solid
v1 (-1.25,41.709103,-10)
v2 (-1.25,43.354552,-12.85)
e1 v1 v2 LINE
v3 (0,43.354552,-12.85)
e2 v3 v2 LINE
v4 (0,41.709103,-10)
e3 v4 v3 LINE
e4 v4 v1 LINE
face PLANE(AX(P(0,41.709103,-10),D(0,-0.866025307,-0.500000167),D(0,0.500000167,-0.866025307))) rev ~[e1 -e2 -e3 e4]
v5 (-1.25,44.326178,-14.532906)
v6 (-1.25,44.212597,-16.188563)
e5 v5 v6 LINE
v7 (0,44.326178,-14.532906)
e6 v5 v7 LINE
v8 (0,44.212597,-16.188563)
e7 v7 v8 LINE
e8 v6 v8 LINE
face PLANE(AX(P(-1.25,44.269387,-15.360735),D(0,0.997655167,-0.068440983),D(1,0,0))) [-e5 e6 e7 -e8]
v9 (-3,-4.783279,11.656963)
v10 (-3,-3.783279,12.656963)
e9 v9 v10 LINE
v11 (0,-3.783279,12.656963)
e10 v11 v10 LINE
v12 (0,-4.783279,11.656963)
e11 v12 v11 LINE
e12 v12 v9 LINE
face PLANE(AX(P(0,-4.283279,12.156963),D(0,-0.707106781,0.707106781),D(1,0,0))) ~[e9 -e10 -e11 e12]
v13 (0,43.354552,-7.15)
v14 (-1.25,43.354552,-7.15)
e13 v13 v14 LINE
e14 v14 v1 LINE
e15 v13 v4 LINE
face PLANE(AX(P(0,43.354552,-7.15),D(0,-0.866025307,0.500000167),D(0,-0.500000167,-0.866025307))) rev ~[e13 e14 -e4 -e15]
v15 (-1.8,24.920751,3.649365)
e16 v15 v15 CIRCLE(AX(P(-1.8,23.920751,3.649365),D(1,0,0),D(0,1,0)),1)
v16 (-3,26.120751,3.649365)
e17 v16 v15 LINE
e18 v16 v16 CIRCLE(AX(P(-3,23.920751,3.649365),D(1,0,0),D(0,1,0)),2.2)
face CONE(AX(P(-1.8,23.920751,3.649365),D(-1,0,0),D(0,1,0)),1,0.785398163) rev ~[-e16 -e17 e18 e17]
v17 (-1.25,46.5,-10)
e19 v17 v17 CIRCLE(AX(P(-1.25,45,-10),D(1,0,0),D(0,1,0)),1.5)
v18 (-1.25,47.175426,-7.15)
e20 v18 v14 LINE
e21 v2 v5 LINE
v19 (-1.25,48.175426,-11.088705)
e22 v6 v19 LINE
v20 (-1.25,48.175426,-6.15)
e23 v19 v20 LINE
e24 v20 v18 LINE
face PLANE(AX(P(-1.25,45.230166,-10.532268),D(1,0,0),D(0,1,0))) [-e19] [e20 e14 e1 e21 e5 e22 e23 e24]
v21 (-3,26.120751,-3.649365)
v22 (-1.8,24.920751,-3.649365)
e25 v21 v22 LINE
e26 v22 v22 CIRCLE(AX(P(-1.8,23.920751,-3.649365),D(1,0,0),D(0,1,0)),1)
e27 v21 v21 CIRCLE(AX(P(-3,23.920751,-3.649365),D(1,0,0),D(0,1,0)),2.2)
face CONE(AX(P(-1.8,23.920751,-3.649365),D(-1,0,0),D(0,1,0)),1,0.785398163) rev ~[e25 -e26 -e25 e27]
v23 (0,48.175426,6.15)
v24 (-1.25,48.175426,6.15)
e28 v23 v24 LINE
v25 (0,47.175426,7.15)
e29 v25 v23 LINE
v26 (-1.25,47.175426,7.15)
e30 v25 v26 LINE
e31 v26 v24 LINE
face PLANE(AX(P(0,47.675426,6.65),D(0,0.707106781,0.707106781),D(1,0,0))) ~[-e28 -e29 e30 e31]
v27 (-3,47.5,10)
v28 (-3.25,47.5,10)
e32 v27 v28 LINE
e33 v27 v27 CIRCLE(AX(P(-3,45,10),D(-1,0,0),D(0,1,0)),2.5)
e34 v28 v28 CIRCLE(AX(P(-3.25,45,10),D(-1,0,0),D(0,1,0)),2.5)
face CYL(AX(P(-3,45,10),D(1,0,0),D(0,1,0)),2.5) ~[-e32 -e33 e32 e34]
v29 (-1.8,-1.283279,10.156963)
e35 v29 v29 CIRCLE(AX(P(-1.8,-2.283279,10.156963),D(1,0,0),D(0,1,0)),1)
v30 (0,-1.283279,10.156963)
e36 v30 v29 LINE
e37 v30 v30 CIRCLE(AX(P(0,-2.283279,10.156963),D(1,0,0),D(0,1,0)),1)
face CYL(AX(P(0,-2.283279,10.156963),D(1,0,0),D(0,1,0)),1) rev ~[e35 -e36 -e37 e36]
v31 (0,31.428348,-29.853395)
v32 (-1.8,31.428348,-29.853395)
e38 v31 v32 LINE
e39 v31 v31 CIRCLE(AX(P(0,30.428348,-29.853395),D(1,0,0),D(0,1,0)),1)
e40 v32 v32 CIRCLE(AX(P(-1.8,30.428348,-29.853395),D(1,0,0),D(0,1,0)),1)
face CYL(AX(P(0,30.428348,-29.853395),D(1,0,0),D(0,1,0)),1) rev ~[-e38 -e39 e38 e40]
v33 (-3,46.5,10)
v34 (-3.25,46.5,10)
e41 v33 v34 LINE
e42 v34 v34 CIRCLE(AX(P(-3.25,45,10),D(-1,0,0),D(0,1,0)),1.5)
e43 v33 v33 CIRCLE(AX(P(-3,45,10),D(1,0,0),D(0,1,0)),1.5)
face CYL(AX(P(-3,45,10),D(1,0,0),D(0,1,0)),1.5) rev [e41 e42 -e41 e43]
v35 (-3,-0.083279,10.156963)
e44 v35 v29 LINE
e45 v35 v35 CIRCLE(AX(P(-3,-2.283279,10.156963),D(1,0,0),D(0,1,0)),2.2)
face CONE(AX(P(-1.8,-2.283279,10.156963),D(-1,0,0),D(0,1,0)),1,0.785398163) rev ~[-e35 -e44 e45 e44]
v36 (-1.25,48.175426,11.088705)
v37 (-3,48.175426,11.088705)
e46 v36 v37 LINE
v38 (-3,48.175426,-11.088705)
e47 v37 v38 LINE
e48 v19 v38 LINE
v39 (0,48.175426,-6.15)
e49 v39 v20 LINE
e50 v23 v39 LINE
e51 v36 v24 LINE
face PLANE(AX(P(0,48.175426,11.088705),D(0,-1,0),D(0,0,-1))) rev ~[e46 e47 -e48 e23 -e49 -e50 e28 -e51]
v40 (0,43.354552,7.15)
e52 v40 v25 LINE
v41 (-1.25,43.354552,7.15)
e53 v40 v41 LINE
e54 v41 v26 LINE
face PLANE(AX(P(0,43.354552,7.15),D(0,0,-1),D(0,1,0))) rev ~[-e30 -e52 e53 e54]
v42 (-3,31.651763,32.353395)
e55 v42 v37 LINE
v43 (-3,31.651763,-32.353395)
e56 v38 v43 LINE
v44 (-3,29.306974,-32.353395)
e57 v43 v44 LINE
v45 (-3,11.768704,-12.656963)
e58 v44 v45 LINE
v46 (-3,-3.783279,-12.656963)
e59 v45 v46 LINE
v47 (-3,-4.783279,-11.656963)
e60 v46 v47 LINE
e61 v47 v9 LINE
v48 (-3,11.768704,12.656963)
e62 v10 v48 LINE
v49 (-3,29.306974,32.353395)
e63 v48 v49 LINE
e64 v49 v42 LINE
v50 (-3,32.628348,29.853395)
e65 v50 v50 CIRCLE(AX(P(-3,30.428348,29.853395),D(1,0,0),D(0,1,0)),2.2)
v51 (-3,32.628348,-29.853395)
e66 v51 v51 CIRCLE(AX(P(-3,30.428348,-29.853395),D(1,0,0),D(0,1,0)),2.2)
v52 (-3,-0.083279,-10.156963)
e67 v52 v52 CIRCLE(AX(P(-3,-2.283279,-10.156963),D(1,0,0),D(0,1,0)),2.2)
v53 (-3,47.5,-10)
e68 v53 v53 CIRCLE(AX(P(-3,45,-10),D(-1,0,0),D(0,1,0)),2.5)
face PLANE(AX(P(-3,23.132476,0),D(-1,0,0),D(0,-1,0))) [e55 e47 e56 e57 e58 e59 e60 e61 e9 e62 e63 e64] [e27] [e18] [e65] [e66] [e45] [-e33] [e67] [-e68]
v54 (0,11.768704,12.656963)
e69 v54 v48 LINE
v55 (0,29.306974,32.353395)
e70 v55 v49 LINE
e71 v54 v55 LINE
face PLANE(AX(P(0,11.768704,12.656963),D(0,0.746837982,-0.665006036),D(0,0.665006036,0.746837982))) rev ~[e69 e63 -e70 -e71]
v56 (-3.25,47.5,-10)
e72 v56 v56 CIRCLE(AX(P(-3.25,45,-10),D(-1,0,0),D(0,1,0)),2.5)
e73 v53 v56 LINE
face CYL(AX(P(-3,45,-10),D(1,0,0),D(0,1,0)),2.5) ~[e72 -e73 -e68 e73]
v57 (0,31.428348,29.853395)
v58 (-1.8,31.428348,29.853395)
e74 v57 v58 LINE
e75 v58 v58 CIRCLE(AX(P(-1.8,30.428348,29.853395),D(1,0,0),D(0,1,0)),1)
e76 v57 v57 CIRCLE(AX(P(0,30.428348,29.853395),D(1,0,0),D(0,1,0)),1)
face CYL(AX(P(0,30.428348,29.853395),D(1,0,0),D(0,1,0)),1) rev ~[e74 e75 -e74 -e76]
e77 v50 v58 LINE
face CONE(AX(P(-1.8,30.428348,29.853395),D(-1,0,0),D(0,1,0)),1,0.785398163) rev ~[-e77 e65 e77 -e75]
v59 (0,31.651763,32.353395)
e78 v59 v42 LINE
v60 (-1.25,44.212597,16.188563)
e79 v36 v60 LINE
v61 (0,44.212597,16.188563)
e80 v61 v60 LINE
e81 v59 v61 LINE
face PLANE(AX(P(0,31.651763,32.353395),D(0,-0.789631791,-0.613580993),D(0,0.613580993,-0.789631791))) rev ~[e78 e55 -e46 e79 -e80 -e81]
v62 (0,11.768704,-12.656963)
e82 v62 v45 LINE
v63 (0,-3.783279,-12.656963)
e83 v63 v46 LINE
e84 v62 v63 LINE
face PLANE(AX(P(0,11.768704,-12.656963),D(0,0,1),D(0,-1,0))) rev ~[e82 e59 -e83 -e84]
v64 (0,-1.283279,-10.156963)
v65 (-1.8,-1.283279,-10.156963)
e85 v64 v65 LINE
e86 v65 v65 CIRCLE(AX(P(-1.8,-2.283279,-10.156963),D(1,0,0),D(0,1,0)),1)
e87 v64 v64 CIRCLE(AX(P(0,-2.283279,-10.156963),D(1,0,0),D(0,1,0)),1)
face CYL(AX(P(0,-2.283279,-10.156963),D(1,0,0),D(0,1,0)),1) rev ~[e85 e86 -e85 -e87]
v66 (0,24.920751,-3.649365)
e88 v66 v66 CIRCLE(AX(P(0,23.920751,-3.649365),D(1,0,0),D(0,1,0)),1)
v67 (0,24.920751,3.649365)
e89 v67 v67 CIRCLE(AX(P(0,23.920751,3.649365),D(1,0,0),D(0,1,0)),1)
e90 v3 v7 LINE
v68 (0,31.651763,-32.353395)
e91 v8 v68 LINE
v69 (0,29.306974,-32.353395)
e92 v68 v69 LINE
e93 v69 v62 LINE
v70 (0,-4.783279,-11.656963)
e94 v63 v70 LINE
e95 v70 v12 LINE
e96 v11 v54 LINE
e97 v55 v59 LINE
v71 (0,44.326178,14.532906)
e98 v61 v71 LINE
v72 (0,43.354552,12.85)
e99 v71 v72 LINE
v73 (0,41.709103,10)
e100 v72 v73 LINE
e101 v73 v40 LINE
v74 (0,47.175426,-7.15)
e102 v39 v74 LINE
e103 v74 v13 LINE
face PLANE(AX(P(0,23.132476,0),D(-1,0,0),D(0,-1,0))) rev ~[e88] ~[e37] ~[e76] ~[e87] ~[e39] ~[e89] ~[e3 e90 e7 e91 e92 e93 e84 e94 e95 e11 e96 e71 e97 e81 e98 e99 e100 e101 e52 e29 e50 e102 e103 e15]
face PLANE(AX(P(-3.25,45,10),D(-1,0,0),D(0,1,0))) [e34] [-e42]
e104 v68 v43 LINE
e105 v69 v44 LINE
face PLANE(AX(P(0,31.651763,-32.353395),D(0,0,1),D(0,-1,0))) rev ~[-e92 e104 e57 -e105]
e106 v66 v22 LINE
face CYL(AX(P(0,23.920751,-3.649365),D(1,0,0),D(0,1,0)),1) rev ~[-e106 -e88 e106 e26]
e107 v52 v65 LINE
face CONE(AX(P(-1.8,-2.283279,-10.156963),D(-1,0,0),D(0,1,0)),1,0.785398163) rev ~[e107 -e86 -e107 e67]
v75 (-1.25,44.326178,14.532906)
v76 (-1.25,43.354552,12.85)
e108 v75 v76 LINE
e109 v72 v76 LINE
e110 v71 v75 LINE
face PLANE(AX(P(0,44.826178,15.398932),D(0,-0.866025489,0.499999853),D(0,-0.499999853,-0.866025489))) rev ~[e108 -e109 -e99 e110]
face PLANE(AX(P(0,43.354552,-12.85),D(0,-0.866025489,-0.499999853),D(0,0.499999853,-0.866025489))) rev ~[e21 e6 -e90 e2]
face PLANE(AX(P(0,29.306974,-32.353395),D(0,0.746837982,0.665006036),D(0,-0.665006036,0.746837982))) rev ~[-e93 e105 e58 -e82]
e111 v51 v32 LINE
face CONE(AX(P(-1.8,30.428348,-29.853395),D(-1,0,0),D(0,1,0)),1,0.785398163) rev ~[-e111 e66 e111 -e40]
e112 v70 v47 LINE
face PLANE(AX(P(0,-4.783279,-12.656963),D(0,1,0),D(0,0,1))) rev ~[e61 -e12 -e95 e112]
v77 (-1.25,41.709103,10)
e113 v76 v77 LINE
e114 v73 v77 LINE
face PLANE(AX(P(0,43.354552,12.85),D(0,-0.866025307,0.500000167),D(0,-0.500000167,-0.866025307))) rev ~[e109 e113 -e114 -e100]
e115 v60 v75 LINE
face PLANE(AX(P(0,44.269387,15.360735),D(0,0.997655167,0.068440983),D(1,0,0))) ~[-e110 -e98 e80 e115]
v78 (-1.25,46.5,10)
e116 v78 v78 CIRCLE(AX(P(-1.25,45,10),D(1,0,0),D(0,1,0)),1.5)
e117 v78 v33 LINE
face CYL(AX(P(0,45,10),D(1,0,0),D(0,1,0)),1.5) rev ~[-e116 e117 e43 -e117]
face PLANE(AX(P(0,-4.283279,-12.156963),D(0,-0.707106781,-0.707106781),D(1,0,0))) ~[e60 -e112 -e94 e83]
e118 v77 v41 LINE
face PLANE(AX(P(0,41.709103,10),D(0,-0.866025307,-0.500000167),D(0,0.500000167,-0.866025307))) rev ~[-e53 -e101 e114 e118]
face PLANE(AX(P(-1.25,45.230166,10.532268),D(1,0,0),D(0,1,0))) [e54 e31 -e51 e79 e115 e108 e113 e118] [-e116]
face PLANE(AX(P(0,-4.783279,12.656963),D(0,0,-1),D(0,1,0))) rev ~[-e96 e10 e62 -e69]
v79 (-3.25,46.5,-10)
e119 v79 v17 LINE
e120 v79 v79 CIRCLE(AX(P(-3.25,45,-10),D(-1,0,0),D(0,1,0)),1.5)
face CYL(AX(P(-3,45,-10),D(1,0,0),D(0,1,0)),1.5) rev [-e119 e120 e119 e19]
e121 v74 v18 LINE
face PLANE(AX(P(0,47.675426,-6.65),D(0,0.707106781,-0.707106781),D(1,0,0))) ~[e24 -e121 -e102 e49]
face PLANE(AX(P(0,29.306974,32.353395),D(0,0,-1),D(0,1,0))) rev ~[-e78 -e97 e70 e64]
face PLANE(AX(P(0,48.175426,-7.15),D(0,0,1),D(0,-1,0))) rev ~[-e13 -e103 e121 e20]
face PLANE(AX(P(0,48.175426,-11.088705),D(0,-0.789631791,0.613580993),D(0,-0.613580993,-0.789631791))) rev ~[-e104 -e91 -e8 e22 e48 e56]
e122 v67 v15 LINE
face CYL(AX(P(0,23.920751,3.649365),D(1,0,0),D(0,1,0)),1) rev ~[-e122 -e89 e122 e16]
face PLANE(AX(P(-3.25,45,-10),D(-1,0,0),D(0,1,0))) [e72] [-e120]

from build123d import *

# Parameters (mm, degrees)
SKETCH_R        = 1
SKETCH_R_2      = 1.5
PAD_DEPTH       = 3
POCKET_DEPTH    = 1.25
SKETCH002_R     = 2.5
SKETCH002_R_2   = 1.5
PAD001_DEPTH    = 0.25
CHAMFER_SIZE    = 1
CHAMFER001_SIZE = 1.2


with BuildPart() as part:
    # Sketch → Pad (new body)
    with BuildSketch(Plane.YZ):
        Polygon((48.175426, 11.088705), (48.175426, -11.088705), (31.651763, -32.353395), (29.306974, -32.353395), (11.768704, -12.656963), (-4.783279, -12.656963), (-4.783279, 12.656963), (11.768704, 12.656963), (29.306974, 32.353395), (31.651763, 32.353395), align=None)
        with Locations((-2.283279, 10.156963)):
            Circle(SKETCH_R, mode=Mode.SUBTRACT)
        with Locations((23.920751, 3.649365)):
            Circle(SKETCH_R, mode=Mode.SUBTRACT)
        with Locations((30.428348, 29.853395)):
            Circle(SKETCH_R, mode=Mode.SUBTRACT)
        with Locations((-2.283279, -10.156963)):
            Circle(SKETCH_R, mode=Mode.SUBTRACT)
        with Locations((30.428348, -29.853395)):
            Circle(SKETCH_R, mode=Mode.SUBTRACT)
        with Locations((23.920751, -3.649365)):
            Circle(SKETCH_R, mode=Mode.SUBTRACT)
        with Locations((45, 10)):
            Circle(SKETCH_R_2, mode=Mode.SUBTRACT)
        with Locations((45, -10)):
            Circle(SKETCH_R_2, mode=Mode.SUBTRACT)
    extrude(amount=-PAD_DEPTH)

    # Sketch001 (on Face19 of Pad) → Pocket (cut)
    with BuildSketch(Plane.YZ):
        Polygon((43.354552, 12.85), (41.709103, 10), (43.354552, 7.15), (46.645448, 7.15), (48.175426, 7.15), (48.175426, 11.088705), (44.826178, 15.398932), align=None)
        Polygon((43.354552, -7.15), (41.709103, -10), (43.354552, -12.85), (44.826178, -15.398932), (48.175426, -11.088705), (48.175426, -7.15), (46.645448, -7.15), align=None)
    extrude(amount=-POCKET_DEPTH, mode=Mode.SUBTRACT)

    # Sketch002 (on Face5 of Pocket) → Pad001 (join)
    with BuildSketch(Plane(origin=(-3, 0, 0), x_dir=(0, 1, 0), z_dir=(-1, 0, 0))):
        with Locations((45, 10)):
            Circle(SKETCH002_R)
        with Locations((45, 10)):
            Circle(SKETCH002_R_2, mode=Mode.SUBTRACT)
        with Locations((45, -10)):
            Circle(SKETCH002_R)
        with Locations((45, -10)):
            Circle(SKETCH002_R_2, mode=Mode.SUBTRACT)
    extrude(amount=PAD001_DEPTH)

    # Chamfer
    chamfer_edges = [part.edges().sort_by_distance(p)[0] for p in [
        (-0.625, 44.826178, 15.398932),
        (-0.625, 48.175426, 7.15),
        (-0.625, 48.175426, -7.15),
        (-0.625, 44.826178, -15.398932),
        (-1.5, -4.783279, 12.656963),
        (-1.5, -4.783279, -12.656963),
    ]]
    chamfer(chamfer_edges, length=CHAMFER_SIZE)

    # Chamfer001
    chamfer001_edges = [part.edges().sort_by_distance(p)[0] for p in [
        (-3, 29.428348, 29.853395),
        (-3, 22.920751, 3.649365),
        (-3, 29.428348, -29.853395),
        (-3, -3.283279, -10.156963),
        (-3, -3.283279, 10.156963),
        (-3, 22.920751, -3.649365),
    ]]
    chamfer(chamfer001_edges, length=CHAMFER001_SIZE)


solid = part.part
